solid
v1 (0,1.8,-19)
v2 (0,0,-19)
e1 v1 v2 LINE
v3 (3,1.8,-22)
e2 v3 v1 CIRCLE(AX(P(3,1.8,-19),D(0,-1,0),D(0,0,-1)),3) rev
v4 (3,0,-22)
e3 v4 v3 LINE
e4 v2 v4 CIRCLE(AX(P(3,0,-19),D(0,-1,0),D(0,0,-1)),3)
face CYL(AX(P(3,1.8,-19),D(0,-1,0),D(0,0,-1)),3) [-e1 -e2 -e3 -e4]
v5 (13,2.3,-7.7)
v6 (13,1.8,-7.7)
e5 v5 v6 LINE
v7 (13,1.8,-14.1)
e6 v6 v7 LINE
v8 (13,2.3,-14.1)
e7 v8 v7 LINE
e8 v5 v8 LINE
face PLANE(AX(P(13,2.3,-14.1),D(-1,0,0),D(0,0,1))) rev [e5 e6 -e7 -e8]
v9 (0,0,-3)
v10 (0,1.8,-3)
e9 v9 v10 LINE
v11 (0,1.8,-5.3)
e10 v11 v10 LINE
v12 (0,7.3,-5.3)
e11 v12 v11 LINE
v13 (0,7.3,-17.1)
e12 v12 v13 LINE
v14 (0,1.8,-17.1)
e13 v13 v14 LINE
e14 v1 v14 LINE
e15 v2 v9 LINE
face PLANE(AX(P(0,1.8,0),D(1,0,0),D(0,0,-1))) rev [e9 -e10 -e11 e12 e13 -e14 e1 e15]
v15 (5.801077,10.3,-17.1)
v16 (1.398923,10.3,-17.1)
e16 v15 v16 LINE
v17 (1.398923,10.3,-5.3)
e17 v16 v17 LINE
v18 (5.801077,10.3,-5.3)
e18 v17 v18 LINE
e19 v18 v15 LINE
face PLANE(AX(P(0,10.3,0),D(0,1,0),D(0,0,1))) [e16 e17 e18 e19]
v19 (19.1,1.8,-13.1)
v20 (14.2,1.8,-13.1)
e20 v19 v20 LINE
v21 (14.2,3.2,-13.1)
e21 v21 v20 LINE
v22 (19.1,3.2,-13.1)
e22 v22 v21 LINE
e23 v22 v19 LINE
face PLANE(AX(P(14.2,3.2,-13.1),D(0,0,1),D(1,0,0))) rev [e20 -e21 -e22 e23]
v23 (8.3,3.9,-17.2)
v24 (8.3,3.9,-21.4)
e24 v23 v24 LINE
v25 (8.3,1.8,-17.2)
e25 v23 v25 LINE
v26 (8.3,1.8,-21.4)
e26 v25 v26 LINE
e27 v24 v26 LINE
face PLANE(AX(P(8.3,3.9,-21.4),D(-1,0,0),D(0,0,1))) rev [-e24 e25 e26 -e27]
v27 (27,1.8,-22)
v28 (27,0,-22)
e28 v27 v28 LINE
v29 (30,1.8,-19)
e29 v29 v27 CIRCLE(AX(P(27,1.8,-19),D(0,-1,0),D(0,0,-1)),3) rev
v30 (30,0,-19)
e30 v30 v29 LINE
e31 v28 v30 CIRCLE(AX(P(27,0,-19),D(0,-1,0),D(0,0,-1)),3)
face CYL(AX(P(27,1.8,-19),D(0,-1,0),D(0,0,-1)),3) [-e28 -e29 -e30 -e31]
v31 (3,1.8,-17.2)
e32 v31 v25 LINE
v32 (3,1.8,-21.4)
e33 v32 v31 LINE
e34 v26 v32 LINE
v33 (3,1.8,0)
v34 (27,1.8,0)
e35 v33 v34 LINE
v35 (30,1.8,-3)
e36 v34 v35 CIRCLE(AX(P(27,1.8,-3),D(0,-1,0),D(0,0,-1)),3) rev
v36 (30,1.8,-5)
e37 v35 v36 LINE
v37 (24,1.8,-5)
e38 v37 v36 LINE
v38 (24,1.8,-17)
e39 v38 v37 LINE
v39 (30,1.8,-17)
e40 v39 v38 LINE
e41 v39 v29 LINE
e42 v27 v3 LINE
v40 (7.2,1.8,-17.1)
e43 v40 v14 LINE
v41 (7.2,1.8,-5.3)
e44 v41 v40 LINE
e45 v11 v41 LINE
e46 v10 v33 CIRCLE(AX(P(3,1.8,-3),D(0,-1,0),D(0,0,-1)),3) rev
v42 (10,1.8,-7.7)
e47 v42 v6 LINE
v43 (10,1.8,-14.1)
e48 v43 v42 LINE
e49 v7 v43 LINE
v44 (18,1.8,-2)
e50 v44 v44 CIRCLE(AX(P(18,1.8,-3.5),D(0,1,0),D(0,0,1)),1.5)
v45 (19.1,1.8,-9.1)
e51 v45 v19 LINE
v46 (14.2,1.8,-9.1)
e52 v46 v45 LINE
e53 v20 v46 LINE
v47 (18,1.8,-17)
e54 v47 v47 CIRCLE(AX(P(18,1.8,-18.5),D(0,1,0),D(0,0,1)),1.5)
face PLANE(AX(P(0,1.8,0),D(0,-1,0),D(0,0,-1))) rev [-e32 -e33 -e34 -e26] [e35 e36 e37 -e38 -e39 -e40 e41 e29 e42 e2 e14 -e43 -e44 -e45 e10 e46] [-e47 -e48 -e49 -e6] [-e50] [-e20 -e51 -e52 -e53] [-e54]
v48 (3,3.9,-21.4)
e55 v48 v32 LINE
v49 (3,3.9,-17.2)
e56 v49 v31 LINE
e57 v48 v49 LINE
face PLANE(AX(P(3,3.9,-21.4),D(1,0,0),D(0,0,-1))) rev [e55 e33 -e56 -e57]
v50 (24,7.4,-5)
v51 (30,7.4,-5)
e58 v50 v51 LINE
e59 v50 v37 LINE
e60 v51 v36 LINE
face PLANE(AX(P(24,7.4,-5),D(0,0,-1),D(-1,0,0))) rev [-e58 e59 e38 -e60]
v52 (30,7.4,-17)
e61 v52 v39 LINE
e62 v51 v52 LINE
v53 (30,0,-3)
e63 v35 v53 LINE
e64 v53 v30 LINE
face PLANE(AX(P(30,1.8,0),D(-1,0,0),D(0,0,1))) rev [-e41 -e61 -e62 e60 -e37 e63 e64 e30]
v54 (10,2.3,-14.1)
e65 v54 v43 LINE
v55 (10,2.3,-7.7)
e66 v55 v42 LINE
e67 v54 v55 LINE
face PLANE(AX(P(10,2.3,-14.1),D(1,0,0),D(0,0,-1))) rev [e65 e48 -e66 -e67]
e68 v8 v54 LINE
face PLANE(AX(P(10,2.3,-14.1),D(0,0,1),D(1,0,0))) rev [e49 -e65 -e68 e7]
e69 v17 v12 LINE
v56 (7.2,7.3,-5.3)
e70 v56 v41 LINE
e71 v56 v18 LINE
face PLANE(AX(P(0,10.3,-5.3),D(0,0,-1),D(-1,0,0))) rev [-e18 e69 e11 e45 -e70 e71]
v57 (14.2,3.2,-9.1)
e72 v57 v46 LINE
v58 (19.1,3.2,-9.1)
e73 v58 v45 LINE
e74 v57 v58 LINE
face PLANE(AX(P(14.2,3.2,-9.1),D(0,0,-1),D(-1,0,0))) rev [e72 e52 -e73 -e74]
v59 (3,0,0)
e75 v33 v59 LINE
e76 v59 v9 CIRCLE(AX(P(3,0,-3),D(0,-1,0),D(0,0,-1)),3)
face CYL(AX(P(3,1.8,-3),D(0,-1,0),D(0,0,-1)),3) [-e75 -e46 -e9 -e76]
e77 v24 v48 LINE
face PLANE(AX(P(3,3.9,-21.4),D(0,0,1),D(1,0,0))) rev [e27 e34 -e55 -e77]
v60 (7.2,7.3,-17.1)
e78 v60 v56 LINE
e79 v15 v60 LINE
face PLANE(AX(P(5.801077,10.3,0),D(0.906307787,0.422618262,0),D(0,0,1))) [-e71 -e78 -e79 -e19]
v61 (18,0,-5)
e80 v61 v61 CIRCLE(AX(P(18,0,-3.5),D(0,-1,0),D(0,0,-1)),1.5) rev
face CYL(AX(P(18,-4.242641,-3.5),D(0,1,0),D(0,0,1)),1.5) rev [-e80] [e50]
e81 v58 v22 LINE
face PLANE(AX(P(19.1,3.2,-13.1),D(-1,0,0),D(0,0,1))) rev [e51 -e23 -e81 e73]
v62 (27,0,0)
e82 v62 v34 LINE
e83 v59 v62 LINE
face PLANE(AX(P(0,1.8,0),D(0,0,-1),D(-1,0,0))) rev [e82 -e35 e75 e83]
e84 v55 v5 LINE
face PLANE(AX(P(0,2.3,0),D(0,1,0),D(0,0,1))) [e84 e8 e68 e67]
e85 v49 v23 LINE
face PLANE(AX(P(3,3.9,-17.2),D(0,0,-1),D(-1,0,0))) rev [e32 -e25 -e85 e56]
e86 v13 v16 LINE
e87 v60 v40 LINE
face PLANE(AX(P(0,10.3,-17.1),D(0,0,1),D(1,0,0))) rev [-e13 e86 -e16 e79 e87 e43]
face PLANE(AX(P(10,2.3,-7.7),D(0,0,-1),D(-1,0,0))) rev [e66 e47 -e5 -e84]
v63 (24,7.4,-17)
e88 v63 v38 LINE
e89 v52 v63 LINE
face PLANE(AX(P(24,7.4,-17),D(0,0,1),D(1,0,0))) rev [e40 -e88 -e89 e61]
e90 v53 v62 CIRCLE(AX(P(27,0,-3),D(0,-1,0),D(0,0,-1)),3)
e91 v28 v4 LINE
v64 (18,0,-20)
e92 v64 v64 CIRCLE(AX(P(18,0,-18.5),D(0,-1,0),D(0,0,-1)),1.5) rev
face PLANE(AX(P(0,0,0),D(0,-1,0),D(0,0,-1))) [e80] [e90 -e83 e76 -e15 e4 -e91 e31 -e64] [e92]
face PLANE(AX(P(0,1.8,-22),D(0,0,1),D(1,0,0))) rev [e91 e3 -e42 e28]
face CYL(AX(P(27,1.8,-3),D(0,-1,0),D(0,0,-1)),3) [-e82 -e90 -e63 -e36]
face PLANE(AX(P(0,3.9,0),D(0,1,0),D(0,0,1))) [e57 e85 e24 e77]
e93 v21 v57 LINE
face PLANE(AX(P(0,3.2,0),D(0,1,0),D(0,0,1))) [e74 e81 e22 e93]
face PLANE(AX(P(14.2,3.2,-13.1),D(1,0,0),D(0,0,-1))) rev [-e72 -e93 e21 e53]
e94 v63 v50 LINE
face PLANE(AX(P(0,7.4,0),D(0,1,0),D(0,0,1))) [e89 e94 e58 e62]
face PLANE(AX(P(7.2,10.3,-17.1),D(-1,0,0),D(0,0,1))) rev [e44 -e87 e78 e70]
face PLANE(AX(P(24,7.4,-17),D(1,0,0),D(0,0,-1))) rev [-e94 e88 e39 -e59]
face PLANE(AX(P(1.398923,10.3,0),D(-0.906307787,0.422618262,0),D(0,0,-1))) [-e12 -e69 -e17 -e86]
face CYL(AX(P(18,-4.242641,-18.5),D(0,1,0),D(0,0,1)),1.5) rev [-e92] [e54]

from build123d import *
from OCP.BRepFilletAPI import BRepFilletAPI_MakeChamfer

# Parameters (mm, degrees)
SKETCH1_W           = 30
SKETCH1_H           = 22
BOSS_EXTRUDE1_DEPTH = 1.8
SKETCH2_R           = 1.5
CUT_EXTRUDE1_DEPTH  = 1.8
SKETCH3_W           = 7.2
SKETCH3_H           = 11.8
BOSS_EXTRUDE2_DEPTH = 8.5
SKETCH4_W           = 6
SKETCH4_H           = 12
BOSS_EXTRUDE3_DEPTH = 5.6
SKETCH5_W           = 5.3
SKETCH5_H           = 4.2
BOSS_EXTRUDE4_DEPTH = 2.1
SKETCH6_W           = 4.9
SKETCH6_H           = 4
BOSS_EXTRUDE5_DEPTH = 1.4
SKETCH7_W           = 3
SKETCH7_H           = 6.4
BOSS_EXTRUDE6_DEPTH = 0.5
FILLET1_R           = 3
CHAMFER1_SIZE       = 3
CHAMFER1_SIZE2      = 1.398922974


with BuildPart() as part:
    # Sketch1 → Boss-Extrude1 (new body)
    with BuildSketch(Plane(origin=(0, 0, 0), x_dir=(1, 0, 0), z_dir=(0, 1, 0))):
        with Locations((15, 11)):
            Rectangle(SKETCH1_W, SKETCH1_H)
    extrude(amount=BOSS_EXTRUDE1_DEPTH)

    # Sketch2 → Cut-Extrude1 (cut)
    with BuildSketch(Plane(origin=(0, 1.8, 0), x_dir=(1, 0, 0), z_dir=(0, 1, 0))):
        with Locations(Location((18, 18.5, 0), (0, 0, 270))):
            Circle(SKETCH2_R)
        with Locations(Location((18, 3.5, 0), (0, 0, 270))):
            Circle(SKETCH2_R)
    extrude(amount=-CUT_EXTRUDE1_DEPTH, mode=Mode.SUBTRACT)

    # Sketch3 → Boss-Extrude2 (add)
    with BuildSketch(Plane(origin=(0, 1.8, 0), x_dir=(1, 0, 0), z_dir=(0, 1, 0))):
        with Locations((3.6, 11.2)):
            Rectangle(SKETCH3_W, SKETCH3_H)
    extrude(amount=BOSS_EXTRUDE2_DEPTH)

    # Sketch4 → Boss-Extrude3 (add)
    with BuildSketch(Plane(origin=(0, 1.8, 0), x_dir=(1, 0, 0), z_dir=(0, 1, 0))):
        with Locations((27, 11)):
            Rectangle(SKETCH4_W, SKETCH4_H)
    extrude(amount=BOSS_EXTRUDE3_DEPTH)

    # Sketch5 → Boss-Extrude4 (add)
    with BuildSketch(Plane(origin=(0, 1.8, 0), x_dir=(1, 0, 0), z_dir=(0, 1, 0))):
        with Locations((5.65, 19.3)):
            Rectangle(SKETCH5_W, SKETCH5_H)
    extrude(amount=BOSS_EXTRUDE4_DEPTH)

    # Sketch6 → Boss-Extrude5 (add)
    with BuildSketch(Plane(origin=(0, 1.8, 0), x_dir=(1, 0, 0), z_dir=(0, 1, 0))):
        with Locations((16.65, 11.1)):
            Rectangle(SKETCH6_W, SKETCH6_H)
    extrude(amount=BOSS_EXTRUDE5_DEPTH)

    # Sketch7 → Boss-Extrude6 (add)
    with BuildSketch(Plane(origin=(0, 1.8, 0), x_dir=(1, 0, 0), z_dir=(0, 1, 0))):
        with Locations((11.5, 10.9)):
            Rectangle(SKETCH7_W, SKETCH7_H)
    extrude(amount=BOSS_EXTRUDE6_DEPTH)

    # Fillet1
    fillet1_edges = [part.edges().sort_by_distance(p)[0] for p in [
        (0, 0.9, -22),
        (30, 0.9, -22),
        (30, 0.9, 0),
        (0, 0.9, 0),
    ]]
    fillet(fillet1_edges, radius=FILLET1_R)

    # Chamfer1: one chamfer whose edges measure the first distance from different faces: ONE call of the kernel's chamfer builder (chamfer() names one face for all edges)
    chamfer1_edges_1 = [part.edges().sort_by_distance(p)[0] for p in [
        (0, 10.3, -11.2),
    ]]
    chamfer1_side_1 = [part.faces().sort_by_distance(p)[0] for p in [
        (0, 4.90112316, -11.155383424),
    ]]
    chamfer1_edges_2 = [part.edges().sort_by_distance(p)[0] for p in [
        (7.2, 10.3, -11.2),
    ]]
    chamfer1_side_2 = [part.faces().sort_by_distance(p)[0] for p in [
        (7.2, 6.05, -11.2),
    ]]
    chamfer1 = BRepFilletAPI_MakeChamfer(part.part.solid().wrapped)
    for e in chamfer1_edges_1:
        chamfer1.Add(CHAMFER1_SIZE, CHAMFER1_SIZE2, e.wrapped, chamfer1_side_1[0].wrapped)  # the first distance lies on this face
    for e in chamfer1_edges_2:
        chamfer1.Add(CHAMFER1_SIZE, CHAMFER1_SIZE2, e.wrapped, chamfer1_side_2[0].wrapped)  # the first distance lies on this face
    add(Compound.cast(chamfer1.Shape()), mode=Mode.REPLACE)


solid = part.part
